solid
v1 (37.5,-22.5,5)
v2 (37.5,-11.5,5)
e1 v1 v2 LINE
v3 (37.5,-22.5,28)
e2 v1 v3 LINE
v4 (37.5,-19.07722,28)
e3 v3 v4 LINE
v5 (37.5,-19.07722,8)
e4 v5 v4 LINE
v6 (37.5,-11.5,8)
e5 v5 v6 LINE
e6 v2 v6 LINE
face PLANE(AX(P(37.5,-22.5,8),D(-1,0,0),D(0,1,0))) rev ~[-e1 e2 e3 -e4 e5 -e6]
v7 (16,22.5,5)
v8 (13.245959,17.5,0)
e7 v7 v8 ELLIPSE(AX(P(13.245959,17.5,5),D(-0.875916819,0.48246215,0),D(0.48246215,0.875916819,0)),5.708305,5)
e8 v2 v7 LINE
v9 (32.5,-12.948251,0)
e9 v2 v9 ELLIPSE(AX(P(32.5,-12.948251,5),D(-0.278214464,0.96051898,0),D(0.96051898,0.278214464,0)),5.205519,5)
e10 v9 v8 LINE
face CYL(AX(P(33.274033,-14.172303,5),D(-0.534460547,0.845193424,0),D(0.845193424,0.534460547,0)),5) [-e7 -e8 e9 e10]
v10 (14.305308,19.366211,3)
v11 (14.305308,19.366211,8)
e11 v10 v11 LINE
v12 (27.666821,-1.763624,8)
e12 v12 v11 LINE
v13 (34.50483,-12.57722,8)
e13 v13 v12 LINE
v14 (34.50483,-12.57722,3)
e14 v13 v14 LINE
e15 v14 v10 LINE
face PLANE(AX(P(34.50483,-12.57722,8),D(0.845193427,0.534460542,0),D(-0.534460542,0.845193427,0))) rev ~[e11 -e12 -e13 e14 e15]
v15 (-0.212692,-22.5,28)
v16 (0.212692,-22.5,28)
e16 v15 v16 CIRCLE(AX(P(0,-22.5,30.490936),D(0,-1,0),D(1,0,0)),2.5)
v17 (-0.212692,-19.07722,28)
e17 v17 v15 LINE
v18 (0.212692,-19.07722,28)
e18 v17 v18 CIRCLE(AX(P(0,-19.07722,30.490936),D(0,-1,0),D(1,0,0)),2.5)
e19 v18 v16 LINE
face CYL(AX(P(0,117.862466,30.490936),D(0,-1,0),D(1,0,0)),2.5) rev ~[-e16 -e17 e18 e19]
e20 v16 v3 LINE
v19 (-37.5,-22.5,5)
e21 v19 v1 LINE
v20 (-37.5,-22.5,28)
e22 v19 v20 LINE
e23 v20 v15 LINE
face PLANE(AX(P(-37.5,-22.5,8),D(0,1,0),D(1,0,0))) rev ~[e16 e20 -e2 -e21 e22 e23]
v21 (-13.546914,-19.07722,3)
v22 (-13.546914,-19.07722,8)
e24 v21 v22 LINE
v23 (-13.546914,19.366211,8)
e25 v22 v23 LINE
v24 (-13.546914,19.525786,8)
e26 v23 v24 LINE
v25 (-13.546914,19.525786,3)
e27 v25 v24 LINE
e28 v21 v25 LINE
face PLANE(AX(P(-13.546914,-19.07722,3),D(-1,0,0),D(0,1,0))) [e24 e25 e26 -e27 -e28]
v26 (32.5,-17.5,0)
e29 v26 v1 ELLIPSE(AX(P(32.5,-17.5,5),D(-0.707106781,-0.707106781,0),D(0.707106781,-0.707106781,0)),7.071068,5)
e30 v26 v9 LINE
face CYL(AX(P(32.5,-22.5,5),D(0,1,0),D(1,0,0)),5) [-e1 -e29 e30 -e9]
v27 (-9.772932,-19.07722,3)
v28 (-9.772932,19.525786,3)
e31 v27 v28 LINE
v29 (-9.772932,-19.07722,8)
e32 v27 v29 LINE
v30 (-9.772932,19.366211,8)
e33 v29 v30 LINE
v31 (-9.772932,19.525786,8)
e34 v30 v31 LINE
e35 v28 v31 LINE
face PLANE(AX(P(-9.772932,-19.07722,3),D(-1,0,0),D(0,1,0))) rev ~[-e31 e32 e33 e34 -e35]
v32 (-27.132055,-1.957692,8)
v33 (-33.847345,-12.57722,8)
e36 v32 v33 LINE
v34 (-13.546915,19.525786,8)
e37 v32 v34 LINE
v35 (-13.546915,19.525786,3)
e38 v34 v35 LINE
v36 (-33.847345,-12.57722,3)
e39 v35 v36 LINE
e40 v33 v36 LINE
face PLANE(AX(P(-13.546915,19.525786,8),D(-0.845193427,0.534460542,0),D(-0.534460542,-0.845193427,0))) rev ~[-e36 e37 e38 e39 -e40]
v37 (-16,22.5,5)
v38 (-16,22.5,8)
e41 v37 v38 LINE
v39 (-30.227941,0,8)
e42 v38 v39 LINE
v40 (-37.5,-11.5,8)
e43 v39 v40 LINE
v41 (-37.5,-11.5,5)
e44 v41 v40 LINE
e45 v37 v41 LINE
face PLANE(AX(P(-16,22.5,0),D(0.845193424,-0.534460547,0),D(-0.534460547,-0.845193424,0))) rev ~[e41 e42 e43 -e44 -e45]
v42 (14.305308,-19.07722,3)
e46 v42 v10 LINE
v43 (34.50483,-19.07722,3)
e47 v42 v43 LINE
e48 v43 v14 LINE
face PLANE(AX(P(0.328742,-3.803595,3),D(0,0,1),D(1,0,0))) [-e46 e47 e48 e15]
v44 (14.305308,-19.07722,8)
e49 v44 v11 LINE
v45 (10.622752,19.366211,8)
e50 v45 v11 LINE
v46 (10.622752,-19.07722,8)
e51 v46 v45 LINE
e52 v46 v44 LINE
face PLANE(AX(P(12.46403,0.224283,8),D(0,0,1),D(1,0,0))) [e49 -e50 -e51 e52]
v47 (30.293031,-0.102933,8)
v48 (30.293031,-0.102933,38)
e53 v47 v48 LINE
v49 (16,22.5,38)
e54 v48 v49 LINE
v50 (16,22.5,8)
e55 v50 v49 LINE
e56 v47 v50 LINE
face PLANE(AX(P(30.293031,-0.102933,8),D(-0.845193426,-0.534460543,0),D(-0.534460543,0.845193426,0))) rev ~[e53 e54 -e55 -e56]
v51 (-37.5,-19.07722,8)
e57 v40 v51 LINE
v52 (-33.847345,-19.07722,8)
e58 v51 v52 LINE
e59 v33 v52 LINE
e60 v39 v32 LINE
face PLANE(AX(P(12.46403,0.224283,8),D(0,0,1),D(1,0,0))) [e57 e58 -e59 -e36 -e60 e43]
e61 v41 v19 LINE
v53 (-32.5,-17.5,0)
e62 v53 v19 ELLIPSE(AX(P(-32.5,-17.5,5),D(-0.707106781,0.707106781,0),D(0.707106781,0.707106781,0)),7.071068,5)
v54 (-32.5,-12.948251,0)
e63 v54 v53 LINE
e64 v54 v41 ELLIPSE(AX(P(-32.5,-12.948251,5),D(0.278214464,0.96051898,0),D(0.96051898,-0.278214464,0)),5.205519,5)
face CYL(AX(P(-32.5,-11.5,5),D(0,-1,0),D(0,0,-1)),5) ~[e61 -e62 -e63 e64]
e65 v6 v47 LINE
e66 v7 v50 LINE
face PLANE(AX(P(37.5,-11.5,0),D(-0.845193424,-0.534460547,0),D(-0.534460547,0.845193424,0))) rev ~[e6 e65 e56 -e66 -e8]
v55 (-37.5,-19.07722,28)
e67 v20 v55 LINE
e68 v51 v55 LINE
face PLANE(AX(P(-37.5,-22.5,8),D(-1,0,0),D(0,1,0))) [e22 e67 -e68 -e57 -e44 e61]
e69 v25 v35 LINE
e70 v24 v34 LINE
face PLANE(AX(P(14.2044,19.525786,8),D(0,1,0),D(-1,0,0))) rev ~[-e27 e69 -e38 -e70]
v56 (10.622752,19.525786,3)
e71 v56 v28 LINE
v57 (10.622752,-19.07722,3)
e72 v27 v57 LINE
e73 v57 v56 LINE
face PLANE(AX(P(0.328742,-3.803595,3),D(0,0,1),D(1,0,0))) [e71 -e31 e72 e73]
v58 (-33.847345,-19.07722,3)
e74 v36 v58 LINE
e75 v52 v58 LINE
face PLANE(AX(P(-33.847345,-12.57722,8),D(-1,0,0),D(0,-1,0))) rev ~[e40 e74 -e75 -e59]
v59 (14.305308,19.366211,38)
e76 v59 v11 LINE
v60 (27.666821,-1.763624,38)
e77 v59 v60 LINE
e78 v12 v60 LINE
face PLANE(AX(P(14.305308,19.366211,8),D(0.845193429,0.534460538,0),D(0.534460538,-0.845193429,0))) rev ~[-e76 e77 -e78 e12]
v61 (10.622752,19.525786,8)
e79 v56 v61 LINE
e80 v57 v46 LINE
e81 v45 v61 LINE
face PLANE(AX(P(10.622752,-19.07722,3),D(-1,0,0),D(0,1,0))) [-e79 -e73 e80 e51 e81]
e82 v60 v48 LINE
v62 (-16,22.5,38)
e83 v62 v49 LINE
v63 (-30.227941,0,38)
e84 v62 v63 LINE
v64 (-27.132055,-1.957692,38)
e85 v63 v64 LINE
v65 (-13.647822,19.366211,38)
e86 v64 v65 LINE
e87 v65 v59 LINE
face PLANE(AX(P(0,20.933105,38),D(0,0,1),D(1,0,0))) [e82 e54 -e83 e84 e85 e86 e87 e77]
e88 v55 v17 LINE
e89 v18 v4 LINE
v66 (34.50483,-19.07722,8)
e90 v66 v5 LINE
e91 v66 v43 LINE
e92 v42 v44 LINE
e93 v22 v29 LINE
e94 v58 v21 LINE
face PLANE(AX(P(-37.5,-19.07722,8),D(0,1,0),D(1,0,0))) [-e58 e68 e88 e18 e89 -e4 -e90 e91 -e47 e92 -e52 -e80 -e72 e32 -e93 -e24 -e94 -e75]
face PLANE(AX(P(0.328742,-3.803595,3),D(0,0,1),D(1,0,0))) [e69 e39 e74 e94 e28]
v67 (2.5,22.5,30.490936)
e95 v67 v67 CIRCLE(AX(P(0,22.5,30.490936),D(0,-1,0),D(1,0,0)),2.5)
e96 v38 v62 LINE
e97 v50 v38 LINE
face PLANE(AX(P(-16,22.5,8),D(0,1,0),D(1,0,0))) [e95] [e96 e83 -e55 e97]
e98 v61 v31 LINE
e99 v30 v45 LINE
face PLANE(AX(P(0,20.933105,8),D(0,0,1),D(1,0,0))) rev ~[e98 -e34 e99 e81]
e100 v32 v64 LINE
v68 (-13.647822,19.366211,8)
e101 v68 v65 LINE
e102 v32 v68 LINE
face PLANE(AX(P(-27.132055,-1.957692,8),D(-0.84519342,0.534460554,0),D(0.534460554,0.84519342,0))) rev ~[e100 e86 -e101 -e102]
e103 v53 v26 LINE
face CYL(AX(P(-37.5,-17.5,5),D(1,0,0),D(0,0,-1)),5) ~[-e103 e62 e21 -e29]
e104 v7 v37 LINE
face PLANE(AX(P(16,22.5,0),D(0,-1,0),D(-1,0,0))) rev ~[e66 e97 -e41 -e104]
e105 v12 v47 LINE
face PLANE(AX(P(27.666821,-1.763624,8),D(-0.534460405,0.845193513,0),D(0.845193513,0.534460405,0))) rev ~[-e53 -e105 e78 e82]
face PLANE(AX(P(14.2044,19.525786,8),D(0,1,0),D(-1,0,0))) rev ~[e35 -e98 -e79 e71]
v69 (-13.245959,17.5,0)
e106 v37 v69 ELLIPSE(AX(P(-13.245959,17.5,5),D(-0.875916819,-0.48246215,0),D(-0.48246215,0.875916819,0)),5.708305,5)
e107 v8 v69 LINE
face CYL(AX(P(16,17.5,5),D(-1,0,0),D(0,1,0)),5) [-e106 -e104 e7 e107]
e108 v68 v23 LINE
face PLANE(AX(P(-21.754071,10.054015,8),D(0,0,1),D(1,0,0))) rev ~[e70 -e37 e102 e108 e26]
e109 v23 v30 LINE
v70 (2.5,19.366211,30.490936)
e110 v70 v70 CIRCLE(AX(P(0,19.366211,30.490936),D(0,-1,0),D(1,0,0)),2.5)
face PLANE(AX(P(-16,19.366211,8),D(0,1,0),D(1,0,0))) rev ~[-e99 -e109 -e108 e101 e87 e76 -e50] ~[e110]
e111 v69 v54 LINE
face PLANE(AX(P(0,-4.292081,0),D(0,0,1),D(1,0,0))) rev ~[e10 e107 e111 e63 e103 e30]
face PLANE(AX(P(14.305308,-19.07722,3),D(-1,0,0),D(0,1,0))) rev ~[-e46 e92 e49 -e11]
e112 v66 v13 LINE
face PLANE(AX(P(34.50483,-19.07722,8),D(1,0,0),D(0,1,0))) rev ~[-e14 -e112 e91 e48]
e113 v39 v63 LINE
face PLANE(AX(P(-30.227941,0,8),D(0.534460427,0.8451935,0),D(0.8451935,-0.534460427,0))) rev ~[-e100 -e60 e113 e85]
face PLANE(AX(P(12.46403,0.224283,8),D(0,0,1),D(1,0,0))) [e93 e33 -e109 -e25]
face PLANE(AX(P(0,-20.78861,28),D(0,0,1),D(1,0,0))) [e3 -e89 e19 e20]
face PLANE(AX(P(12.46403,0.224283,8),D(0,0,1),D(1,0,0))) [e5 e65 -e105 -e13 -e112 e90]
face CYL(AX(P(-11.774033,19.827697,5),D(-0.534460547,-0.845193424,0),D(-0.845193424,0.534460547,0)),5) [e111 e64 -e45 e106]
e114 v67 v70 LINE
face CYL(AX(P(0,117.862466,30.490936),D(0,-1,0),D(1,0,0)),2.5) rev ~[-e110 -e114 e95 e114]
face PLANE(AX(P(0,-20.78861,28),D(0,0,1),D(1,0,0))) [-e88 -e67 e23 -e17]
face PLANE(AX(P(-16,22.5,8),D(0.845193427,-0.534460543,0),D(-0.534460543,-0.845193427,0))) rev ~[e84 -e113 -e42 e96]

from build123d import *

# Parameters (mm, degrees)
F1_DEPTH  = 8
F3_DEPTH  = 5
F4_W      = 3.773983
F4_H      = 38.603006
F4_W_2    = 3.682556
F5_DEPTH  = 5
F6_W      = 75
F6_H      = 3.42278
F7_DEPTH  = 20
F8_W      = 32
F8_H      = 3.133789
F9_DEPTH  = 30
F11_DEPTH = 30
F13_DEPTH = 30
F14_R     = 5
F16_D     = 5


with BuildPart() as f1:
    # F0 (on Top) → F1 (new body)
    with BuildSketch(Plane.XY):
        Polygon((-37.5, -22.5), (37.5, -22.5), (37.5, -11.5), (16, 22.5), (-16, 22.5), (-37.5, -11.5), align=None)
    extrude(amount=F1_DEPTH)

    # F2 (on face) → F3 (cut)
    with BuildSketch(Plane.XY.offset(8)):
        Polygon((-13.546915, 19.525786), (-33.847345, -12.57722), (-33.847345, -19.07722), (34.50483, -19.07722), (34.50483, -12.57722), (14.2044, 19.525786), align=None)
    extrude(amount=-F3_DEPTH, mode=Mode.SUBTRACT)

    # F4 (on face) → F5 (join)
    with BuildSketch(Plane.XY.offset(3)):
        with Locations((-11.659923, 0.224283)):
            Rectangle(F4_W, F4_H)
        with Locations((12.46403, 0.224283)):
            Rectangle(F4_W_2, F4_H)
    extrude(amount=F5_DEPTH)

    # F6 (on face) → F7 (join)
    with BuildSketch(Plane.XY.offset(8)):
        with Locations((0, -20.78861)):
            Rectangle(F6_W, F6_H)
    extrude(amount=F7_DEPTH)

    # F8 (on face) → F9 (join)
    with BuildSketch(Plane.XY.offset(8)):
        with Locations((0, 20.933105)):
            Rectangle(F8_W, F8_H)
    extrude(amount=F9_DEPTH)

    # F10 (on face) → F11 (join)
    with BuildSketch(Plane.XY.offset(8)):
        Polygon((-13.647822, 19.366211), (-16, 22.5), (-30.227941, 0), (-27.132055, -1.957692), align=None)
    extrude(amount=F11_DEPTH)

    # F12 (on face) → F13 (join)
    with BuildSketch(Plane.XY.offset(8)):
        Polygon((16, 22.5), (14.305308, 19.366211), (27.666821, -1.763624), (30.293031, -0.102933), align=None)
    extrude(amount=F13_DEPTH)

    # F14
    f14_edges = [f1.edges().sort_by_distance(p)[0] for p in [
        (0, -22.5, 0),
        (-37.5, -17, 0),
        (37.5, -17, 0),
        (26.75, 5.5, 0),
        (0, 22.5, 0),
        (-26.75, 5.5, 0),
    ]]
    fillet(f14_edges, radius=F14_R)

    # F16 (through all)
    with Locations(Plane(origin=(0, 22.5, 0), x_dir=(-1, 0, 0), z_dir=(0, 1, 0))):
        with Locations((0, 30.490936)):
            Hole(F16_D / 2)


solid = f1.part
